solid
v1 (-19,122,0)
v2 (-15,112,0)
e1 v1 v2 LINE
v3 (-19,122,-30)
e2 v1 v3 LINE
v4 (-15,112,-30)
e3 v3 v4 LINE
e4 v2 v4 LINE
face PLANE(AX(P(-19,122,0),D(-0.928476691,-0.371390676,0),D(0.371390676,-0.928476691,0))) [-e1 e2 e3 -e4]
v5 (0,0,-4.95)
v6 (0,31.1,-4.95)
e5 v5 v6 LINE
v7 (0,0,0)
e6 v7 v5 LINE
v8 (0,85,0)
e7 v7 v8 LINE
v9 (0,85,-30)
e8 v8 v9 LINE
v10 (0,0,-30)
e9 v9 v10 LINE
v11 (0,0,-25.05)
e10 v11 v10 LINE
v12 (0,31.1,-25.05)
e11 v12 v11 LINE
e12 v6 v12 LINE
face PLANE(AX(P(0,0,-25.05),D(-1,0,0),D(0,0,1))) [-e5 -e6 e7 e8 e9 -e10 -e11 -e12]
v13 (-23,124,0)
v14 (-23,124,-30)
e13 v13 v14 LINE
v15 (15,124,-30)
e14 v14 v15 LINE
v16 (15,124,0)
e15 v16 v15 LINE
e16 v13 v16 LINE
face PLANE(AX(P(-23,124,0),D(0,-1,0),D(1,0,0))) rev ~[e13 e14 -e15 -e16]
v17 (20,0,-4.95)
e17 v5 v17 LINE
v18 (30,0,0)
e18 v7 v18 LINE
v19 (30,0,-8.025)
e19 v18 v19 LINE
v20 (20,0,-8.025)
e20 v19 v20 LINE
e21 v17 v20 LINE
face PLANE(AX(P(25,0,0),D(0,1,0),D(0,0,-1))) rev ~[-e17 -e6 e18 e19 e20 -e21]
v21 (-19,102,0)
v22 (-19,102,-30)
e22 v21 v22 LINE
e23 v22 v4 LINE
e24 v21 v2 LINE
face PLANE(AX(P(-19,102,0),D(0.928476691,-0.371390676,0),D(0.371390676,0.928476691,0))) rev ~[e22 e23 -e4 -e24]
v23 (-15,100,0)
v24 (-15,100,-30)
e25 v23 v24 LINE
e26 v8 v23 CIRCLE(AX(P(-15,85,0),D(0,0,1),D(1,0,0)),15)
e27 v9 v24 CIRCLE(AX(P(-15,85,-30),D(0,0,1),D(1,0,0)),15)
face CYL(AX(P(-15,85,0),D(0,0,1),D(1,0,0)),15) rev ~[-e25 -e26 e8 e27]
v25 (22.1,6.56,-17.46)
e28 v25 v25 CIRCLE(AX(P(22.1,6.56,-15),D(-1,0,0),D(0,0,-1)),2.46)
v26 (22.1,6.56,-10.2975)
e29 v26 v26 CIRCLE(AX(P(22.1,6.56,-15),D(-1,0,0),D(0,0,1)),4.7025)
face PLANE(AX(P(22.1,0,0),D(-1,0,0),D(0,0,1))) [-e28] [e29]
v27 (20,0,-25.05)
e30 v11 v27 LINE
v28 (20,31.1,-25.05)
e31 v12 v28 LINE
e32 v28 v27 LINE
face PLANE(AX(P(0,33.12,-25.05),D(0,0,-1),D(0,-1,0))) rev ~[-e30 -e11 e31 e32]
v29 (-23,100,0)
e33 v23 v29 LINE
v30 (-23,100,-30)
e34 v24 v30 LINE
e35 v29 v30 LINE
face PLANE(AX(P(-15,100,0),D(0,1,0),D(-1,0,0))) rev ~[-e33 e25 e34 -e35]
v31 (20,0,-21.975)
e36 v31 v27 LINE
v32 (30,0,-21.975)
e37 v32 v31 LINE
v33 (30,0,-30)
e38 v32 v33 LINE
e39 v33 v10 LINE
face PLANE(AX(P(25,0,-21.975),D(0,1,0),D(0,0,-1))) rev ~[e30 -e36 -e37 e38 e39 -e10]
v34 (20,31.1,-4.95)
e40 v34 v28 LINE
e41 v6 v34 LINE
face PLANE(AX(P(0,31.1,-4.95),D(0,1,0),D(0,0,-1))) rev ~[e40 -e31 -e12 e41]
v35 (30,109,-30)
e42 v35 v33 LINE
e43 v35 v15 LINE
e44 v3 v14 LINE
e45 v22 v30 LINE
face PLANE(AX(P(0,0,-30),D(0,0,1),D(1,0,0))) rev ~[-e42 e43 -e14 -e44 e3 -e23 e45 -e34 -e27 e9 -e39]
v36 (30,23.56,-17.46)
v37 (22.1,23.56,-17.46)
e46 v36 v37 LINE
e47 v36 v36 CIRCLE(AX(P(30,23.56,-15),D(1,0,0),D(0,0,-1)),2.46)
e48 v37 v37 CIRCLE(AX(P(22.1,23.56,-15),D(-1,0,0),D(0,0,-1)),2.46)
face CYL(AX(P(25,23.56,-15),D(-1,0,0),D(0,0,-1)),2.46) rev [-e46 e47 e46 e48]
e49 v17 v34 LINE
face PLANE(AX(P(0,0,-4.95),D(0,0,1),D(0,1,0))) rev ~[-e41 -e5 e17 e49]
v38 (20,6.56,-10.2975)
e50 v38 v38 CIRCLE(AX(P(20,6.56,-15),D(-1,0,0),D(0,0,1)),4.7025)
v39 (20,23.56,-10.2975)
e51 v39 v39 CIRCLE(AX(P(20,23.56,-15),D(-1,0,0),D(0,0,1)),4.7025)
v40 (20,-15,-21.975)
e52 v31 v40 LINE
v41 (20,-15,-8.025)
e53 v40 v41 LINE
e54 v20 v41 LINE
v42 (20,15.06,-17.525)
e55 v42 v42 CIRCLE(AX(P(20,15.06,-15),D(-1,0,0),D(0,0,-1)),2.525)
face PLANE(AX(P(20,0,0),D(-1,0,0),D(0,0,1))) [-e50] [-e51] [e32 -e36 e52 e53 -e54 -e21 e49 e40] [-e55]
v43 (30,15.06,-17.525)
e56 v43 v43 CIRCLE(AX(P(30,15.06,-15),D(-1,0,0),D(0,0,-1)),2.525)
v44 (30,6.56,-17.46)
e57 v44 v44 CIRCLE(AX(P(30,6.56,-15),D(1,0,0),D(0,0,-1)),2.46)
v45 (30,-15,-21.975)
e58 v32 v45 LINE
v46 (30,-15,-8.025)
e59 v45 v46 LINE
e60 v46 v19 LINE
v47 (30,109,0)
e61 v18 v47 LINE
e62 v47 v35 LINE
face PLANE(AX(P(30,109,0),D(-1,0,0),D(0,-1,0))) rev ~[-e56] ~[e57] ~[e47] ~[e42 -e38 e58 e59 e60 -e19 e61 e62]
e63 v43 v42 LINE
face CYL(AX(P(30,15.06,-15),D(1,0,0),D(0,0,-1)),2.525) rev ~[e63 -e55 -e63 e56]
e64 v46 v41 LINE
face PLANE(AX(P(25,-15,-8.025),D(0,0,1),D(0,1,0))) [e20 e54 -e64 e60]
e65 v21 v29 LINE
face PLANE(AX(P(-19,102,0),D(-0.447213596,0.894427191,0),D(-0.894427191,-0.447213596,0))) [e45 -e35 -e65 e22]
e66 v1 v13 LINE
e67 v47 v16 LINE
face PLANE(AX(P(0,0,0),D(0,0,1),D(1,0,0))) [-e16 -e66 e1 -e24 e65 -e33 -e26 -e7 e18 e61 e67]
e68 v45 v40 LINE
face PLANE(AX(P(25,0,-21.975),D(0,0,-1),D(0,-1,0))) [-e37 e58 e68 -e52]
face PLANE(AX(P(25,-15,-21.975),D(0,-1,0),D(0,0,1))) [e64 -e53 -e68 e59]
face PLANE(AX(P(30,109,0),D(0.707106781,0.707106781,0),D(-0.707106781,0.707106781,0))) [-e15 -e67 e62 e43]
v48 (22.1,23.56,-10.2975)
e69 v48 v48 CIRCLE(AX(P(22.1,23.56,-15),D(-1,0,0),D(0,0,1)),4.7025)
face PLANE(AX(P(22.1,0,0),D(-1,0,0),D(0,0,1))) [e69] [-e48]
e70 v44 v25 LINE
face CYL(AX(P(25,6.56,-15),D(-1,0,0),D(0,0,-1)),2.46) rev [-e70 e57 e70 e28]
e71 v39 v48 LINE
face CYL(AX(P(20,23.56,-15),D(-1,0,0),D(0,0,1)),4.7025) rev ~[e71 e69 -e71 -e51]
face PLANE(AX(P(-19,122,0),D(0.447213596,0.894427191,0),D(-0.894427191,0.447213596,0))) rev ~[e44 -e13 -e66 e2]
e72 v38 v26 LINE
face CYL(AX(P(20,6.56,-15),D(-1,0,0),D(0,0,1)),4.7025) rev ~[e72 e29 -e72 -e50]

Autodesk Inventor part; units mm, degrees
ref_plane "YZ Plane" through (0, 0, 0) normal (1, 0, 0) x (0, 1, 0)
ref_plane "XZ Plane" through (0, 0, 0) normal (0, 1, 0) x (-1, 0, 0)
ref_plane "XY Plane" through (0, 0, 0) normal (0, 0, 1) x (1, 0, 0)
sketch "Sketch1" plane through (0, 0, 0) normal (0, 0, 1) x (1, 0, 0)
  line L0 (0, 0) -> (25, 0)
  line L1 (25, 0) -> (25, 40)
  line L2 (25, 40) -> (0, 40)
  line L3 (0, 40) -> (0, 0)
  dimension "d1" = 25
  dimension "d2" = 40
  dimension "d3" = 25
extrude "Extrusion1" add sketch "Sketch1" against normal blind 30
sketch "Sketch2" plane through (25, 0, 0) normal (1, 0, 0) x (0, 0, -1)
  line L0 (0, 0) -> (30, 0) projected
  circle A0 centre (15, 6.56) radius 2.46
extrude "Extrusion2" cut sketch "Sketch2" against normal blind 30
sketch "Sketch3" plane through (0, 0, 0) normal (-1, 0, 0) x (0, 0, 1)
  line L0 (0, 0) -> (-30, 0) projected
  line L1 (-25.05, 0) -> (-4.95, 0)
  line L2 (-4.95, 0) -> (-4.95, 33.12)
  line L3 (-4.95, 33.12) -> (-25.05, 33.12)
  line L4 (-25.05, 33.12) -> (-25.05, 0)
  dimension "d11" = 20.1
extrude "Extrusion3" cut sketch "Sketch3" against normal blind 20
sketch "Sketch4" plane through (0, 0, 0) normal (0, -1, 0) x (1, 0, 0)
  line L0 (20, -4.95) -> (20, -25.05) projected
  line L1 (20, -15) -> (25, -15)
  line L2 (25, 0) -> (25, -30) projected
  line L3 (20, -8.025) -> (25, -8.025)
  line L4 (25, -8.025) -> (25, -21.975)
  line L5 (25, -21.975) -> (20, -21.975)
  line L6 (20, -21.975) -> (20, -8.025)
  line L7 (20, -8.025) -> (25, -21.975) construction
  line L8 (25, -8.025) -> (20, -21.975) construction
  line L9 (25, -12.54) -> (25, -17.46) projected
  point P0 (0, 0)
  point P1 (22.5, -15)
  dimension "d14" = 13.95
extrude "Extrusion4" add sketch "Sketch4" along normal blind 15
sketch "Sketch5" plane through (20, 0, 0) normal (-1, 0, 0) x (0, 0, 1)
  circle A0 centre (-15, 6.56) radius 2.46 projected
  circle A1 centre (-15, 6.56) radius 4.7025
  circle A2 centre (-15, 6.56) radius 2.46 projected
  circle A3 centre (-15, 6.56) radius 2.46
  point P0 (0, 0)
  dimension "d17" = 9.405
extrude "Extrusion5" cut sketch "Sketch5" against normal blind 2.1
sketch "Sketch6" plane through (25, 0, 0) normal (1, 0, 0) x (0, 0, -1)
  circle A0 centre (15, 6.56) radius 4.7025 projected
  line L0 (15, 6.56) -> (15, 23.56)
  circle A1 centre (15, 23.56) radius 2.46
  point P0 (0, 0)
  dimension "d20" = 17
  dimension "d21" = 4.92
extrude "Extrusion6" cut sketch "Sketch6" against normal blind 10 contours A1
sketch "Sketch7" plane through (20, 0, 0) normal (-1, 0, 0) x (0, 0, 1)
  circle A0 centre (-15, 23.56) radius 2.46 projected
  circle A1 centre (-15, 23.56) radius 4.7025
  point P0 (0, 0)
  dimension "d24" = 9.405
extrude "Extrusion7" cut sketch "Sketch7" against normal blind 2.1
sketch "Sketch9" plane through (25, 0, 0) normal (1, 0, 0) x (0, 0, -1)
  circle A0 centre (15, 6.56) radius 2.46 projected
  circle A1 centre (15, 6.56) radius 2.46
  circle A2 centre (15, 23.56) radius 2.46 projected
  circle A3 centre (15, 23.56) radius 2.46
  line L0 (30, 40) -> (30, 0) projected
  line L1 (30, 0) -> (30, 40)
  line L2 (30, 40) -> (0, 40)
  line L3 (0, 40) -> (0, 0)
  line L4 (0, 0) -> (8.025, 0) projected
  line L5 (21.975, 0) -> (21.975, -15)
  line L6 (21.975, -15) -> (8.025, -15)
  line L7 (8.025, -15) -> (8.025, 0)
  line L8 (0, 0) -> (8.025, 0)
  line L9 (21.975, 0) -> (30, 0)
extrude "Extrusion8" add sketch "Sketch9" along normal blind 5
sketch "Sketch10" plane through (0, 40, 0) normal (0, 1, 0) x (1, 0, 0)
  line L0 (0, 30) -> (30, 30) projected
  line L1 (30, 0) -> (0, 0) projected
  line L2 (0, 30) -> (30, 30)
  line L3 (30, 30) -> (30, 0)
  line L4 (30, 0) -> (0, 0)
  line L5 (0, 0) -> (0, 30)
extrude "Extrusion9" add sketch "Sketch10" along normal blind 30
sketch "Sketch12" plane through (30, 0, 0) normal (1, 0, 0) x (0, 0, -1)
  circle A0 centre (15, 6.56) radius 2.46 projected
  line L0 (15, 6.56) -> (15, 15.06)
  circle A1 centre (15, 15.06) radius 2.525
  point P0 (0, 0)
  dimension "d31" = 8.5
  dimension "d33" = 5.05
extrude "Extrusion10" cut sketch "Sketch12" against normal blind 30 contours A1
sketch "Sketch14" plane through (0, 0, 0) normal (0, 0, 1) x (1, 0, 0)
  line L0 (30, 70) -> (0, 70) projected
  line L1 (0, 70) -> (0, 85)
  line L2 (-15, 100) -> (-23, 100)
  line L3 (30, 0) -> (30, 70) projected
  line L4 (30, 109) -> (30, 70)
  arc A0 (0, 85) -> (-15, 100) centre (-15, 85) ccw
  line L5 (30, 105) -> (30, 100)
  line L6 (-23, 124) -> (15, 124)
  line L7 (-19, 122) -> (-23, 124)
  line L8 (-19, 122) -> (-15, 112)
  line L9 (-19, 102) -> (-23, 100)
  line L10 (-19, 102) -> (-15, 112)
  line L11 (30, 109) -> (15, 124)
  point P0 (0, 0)
  point P1 (0, 100)
  dimension "d47" = 30
  dimension "d54" = 15
extrude "Extrusion12" add sketch "Sketch14" against normal blind 30
sketch "Sketch15" plane through (0, 0, -25.05) normal (-1, 0, 0) x (0, 0, 1)
  line L0 (0, 33.12) -> (20.1, 33.12) projected
  line L1 (20.1, 33.12) -> (20.1, 0) projected
  line L2 (0, 33.12) -> (20.1, 33.12)
  line L3 (20.1, 33.12) -> (20.1, 31.1)
  line L4 (20.1, 31.1) -> (0, 31.1)
  line L5 (0, 31.1) -> (0, 33.12)
  point P0 (25.05, 0)
  dimension "d57" = 2.02
extrude "Extrusion13" add sketch "Sketch15" against normal blind 20
properties part number "20mm_x_30mm"
